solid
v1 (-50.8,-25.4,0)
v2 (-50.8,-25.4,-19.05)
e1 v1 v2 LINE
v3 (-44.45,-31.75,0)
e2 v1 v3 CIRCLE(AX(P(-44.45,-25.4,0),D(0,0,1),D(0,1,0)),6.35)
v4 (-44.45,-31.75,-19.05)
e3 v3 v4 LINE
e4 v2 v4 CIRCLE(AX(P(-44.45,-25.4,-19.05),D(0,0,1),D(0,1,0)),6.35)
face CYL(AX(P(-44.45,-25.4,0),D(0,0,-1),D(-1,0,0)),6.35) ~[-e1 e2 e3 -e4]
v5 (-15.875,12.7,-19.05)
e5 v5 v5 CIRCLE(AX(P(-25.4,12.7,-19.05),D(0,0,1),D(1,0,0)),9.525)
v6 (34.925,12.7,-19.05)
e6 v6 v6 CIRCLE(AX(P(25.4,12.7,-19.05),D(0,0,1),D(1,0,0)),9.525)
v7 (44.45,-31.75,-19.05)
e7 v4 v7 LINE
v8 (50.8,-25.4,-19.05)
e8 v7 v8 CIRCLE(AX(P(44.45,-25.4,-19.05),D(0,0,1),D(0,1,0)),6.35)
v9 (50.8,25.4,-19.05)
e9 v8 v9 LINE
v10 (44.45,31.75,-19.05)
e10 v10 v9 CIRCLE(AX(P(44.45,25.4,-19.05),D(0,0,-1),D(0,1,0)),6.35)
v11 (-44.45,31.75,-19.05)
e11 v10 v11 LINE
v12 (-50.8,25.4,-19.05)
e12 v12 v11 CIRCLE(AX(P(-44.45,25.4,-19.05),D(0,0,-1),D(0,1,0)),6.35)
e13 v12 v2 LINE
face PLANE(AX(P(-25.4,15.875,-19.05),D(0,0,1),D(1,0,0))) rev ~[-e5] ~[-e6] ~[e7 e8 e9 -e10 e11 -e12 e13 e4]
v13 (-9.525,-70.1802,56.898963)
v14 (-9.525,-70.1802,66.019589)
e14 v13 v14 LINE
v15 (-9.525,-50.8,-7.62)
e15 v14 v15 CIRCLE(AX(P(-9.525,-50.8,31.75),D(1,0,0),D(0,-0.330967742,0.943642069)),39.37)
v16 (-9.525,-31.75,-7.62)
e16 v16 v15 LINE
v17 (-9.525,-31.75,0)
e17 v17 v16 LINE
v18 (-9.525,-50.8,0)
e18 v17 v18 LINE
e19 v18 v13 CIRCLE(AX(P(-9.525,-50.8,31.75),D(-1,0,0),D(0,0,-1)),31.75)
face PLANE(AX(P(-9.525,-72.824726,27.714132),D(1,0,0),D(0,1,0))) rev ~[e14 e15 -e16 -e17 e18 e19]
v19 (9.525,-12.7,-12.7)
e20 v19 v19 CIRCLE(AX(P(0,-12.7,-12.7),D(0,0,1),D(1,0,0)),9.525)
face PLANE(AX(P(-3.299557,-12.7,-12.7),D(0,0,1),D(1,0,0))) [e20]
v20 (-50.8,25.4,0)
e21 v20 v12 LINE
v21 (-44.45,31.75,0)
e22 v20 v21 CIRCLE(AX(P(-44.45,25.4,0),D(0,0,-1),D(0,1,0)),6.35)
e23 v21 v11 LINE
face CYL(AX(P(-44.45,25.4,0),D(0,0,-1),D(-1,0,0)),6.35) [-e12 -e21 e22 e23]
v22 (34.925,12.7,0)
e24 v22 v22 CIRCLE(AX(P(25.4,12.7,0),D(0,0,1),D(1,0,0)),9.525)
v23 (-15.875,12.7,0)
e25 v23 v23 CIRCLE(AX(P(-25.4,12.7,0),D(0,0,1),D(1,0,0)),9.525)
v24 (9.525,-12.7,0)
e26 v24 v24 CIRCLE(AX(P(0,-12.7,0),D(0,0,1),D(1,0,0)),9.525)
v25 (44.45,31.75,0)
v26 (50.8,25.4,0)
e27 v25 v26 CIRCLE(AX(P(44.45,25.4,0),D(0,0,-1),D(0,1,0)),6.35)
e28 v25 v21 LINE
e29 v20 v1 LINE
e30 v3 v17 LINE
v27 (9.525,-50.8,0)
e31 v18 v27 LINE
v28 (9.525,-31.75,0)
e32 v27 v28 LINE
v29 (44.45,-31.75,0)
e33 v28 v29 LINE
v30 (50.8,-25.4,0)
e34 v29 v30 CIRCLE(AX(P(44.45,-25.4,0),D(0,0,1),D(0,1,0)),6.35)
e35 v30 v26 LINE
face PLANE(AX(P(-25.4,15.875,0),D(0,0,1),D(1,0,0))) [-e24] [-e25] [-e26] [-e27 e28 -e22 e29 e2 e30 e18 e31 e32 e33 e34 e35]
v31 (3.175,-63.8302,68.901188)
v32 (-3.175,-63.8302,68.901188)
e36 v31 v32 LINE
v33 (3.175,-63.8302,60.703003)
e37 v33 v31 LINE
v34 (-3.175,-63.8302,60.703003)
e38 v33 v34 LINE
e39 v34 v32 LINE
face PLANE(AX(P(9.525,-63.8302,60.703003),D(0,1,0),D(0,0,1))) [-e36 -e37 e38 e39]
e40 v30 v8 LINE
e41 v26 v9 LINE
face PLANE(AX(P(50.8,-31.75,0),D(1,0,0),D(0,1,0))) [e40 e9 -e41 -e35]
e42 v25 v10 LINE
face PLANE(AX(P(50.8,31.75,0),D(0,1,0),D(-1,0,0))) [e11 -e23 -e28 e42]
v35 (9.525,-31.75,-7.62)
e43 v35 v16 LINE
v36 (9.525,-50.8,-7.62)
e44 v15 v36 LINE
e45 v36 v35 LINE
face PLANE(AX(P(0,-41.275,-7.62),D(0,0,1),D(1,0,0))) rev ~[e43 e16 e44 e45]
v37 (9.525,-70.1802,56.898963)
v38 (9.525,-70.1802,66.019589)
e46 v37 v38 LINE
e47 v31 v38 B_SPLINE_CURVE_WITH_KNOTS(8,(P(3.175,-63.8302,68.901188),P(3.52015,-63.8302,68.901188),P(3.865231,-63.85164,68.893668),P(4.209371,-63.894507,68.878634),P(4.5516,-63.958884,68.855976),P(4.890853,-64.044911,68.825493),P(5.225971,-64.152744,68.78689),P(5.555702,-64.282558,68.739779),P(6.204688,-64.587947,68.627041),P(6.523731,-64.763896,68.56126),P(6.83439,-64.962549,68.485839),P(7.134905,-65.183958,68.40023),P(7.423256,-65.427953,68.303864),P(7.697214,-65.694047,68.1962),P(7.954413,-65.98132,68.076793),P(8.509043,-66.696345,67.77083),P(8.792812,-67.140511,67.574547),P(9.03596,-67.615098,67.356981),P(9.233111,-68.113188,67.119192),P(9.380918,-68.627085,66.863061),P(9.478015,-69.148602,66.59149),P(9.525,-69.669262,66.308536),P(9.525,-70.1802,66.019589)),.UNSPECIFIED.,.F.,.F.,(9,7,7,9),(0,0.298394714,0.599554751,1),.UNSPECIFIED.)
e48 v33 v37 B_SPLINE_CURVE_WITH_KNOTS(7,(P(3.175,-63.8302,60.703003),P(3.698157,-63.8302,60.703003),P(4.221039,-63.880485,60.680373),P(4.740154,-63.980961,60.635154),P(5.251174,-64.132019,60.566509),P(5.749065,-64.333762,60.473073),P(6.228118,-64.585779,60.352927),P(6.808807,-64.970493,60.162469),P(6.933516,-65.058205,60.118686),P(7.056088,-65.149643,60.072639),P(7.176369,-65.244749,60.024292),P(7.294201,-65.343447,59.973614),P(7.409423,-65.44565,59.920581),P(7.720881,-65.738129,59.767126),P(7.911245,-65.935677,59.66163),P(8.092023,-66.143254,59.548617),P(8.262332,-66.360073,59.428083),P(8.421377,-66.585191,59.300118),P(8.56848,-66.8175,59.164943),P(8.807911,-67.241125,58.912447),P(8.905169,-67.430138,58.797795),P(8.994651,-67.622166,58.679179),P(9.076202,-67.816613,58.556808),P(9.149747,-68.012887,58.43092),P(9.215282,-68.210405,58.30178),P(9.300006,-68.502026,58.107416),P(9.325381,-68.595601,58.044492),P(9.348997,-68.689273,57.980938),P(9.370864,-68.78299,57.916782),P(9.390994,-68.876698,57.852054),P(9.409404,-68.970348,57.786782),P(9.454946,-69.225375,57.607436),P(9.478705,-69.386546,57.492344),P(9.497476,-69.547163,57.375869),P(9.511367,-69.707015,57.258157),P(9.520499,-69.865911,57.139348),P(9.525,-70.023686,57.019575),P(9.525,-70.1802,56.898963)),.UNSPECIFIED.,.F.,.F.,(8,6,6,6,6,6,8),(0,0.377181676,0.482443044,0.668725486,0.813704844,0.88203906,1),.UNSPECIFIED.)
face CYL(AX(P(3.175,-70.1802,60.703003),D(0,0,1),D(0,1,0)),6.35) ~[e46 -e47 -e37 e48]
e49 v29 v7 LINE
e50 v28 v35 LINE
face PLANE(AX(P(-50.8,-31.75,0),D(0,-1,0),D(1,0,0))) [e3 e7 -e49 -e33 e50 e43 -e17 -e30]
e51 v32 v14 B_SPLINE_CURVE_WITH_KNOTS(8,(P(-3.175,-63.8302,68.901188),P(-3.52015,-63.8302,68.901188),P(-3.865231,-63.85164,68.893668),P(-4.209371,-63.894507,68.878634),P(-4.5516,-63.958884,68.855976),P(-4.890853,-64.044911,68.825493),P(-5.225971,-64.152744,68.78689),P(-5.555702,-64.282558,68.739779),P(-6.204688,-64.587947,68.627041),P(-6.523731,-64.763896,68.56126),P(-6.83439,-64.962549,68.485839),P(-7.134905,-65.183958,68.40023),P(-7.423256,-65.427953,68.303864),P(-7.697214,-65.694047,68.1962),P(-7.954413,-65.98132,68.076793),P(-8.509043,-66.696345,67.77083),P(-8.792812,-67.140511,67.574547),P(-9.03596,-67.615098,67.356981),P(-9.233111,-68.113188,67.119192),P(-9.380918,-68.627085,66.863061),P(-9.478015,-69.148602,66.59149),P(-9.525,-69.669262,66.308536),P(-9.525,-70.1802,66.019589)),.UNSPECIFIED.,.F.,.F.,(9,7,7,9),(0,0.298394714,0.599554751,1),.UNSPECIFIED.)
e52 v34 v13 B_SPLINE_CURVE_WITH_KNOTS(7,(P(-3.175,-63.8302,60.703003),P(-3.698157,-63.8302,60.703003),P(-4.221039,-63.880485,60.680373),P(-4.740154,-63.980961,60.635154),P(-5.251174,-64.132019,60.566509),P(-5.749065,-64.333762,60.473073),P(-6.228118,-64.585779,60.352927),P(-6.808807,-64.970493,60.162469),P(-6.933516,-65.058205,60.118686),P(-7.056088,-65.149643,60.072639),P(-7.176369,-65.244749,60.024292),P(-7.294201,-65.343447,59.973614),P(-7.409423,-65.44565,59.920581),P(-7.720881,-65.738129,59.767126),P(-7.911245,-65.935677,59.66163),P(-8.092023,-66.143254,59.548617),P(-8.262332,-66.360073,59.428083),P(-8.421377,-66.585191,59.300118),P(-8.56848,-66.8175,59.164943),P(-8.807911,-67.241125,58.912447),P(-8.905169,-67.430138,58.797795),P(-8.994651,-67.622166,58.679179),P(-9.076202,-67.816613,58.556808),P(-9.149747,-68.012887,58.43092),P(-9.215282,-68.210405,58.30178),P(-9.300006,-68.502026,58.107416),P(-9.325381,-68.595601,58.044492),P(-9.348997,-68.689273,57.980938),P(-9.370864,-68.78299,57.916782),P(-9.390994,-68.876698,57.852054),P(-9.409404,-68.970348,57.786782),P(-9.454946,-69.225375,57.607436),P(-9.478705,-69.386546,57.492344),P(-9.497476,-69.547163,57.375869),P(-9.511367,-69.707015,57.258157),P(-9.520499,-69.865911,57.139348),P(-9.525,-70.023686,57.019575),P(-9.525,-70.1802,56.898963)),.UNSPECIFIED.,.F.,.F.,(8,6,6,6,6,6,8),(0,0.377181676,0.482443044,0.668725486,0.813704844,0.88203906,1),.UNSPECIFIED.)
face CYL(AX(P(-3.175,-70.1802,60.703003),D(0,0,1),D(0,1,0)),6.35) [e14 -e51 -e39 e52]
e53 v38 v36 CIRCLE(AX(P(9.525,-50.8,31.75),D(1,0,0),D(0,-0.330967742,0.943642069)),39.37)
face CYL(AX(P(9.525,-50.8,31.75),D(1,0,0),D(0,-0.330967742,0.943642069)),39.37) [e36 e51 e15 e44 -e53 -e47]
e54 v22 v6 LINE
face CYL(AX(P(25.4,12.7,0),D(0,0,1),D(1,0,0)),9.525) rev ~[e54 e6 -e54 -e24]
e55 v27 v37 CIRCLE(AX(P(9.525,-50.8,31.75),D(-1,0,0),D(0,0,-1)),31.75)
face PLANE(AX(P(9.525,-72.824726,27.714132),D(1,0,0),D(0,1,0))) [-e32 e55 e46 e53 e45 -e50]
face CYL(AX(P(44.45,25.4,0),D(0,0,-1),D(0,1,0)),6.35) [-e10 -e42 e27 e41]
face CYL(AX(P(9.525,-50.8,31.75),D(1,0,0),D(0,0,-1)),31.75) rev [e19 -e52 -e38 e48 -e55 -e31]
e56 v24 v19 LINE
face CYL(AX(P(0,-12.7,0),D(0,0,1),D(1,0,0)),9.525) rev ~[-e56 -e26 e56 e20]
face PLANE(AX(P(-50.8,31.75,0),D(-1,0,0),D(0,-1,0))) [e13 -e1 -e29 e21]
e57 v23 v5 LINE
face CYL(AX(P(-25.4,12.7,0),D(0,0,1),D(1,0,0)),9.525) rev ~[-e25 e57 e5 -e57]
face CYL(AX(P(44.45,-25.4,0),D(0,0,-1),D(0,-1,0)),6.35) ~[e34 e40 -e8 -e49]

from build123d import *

# Parameters (mm, degrees)
F0_W     = 50.8
F0_H     = 31.75
F0_R     = 9.525
F1_DEPTH = 19.05
F2_DEPTH = 7.62
F3_DEPTH = 19.051
F4_DEPTH = 12.7
F5_R     = 6.35
F7_DEPTH = 19.05
F8_R     = 6.35
F9_DEPTH = 25.4


with BuildPart() as f1:
    # F0 (on Top) → F1 (new body)
    with BuildSketch(Plane.XY):
        with Locations((-25.4, 15.875)):
            Rectangle(F0_W, F0_H)
        with Locations((-25.4, 12.7)):
            Circle(F0_R, mode=Mode.SUBTRACT)
        with Locations((25.4, 15.875)):
            Rectangle(F0_W, F0_H)
        with Locations((25.4, 12.7)):
            Circle(F0_R, mode=Mode.SUBTRACT)
        with BuildLine():
            Line((50.8, 0), (0, 0))
            Line((0, 0), (0, -3.175))
            ThreePointArc((0, -3.175), (6.7351920908, -5.9648079092), (9.525, -12.7))
            ThreePointArc((9.525, -12.7), (6.7351920908, -19.4351920908), (0, -22.225))
            Line((0, -22.225), (0, -31.75))
            Line((0, -31.75), (9.525, -31.75))
            Line((9.525, -31.75), (50.8, -31.75))
            Line((50.8, -31.75), (50.8, 0))
        make_face()
        with BuildLine():
            Line((0, 0), (-50.8, 0))
            Line((-50.8, 0), (-50.8, -31.75))
            Line((-50.8, -31.75), (-9.525, -31.75))
            Line((-9.525, -31.75), (0, -31.75))
            Line((0, -31.75), (0, -22.225))
            ThreePointArc((0, -22.225), (-9.525, -12.7), (0, -3.175))
            Line((0, -3.175), (0, 0))
        make_face()
        with Locations((-25.4, 12.7)):
            Circle(F0_R)
        with Locations((25.4, 12.7)):
            Circle(F0_R)
        with BuildLine():
            Line((0, -22.225), (0, -3.175))
            ThreePointArc((0, -3.175), (-9.525, -12.7), (0, -22.225))
        make_face()
        with BuildLine():
            ThreePointArc((9.525, -12.7), (6.7351920908, -5.9648079092), (0, -3.175))
            Line((0, -3.175), (0, -22.225))
            ThreePointArc((0, -22.225), (6.7351920908, -19.4351920908), (9.525, -12.7))
        make_face()
    extrude(amount=-F1_DEPTH)

    # F0 (on Top) → F2 (join)
    with BuildSketch(Plane.XY):
        Polygon((0, -31.75), (-9.525, -31.75), (-9.525, -50.8), (9.525, -50.8), (9.525, -31.75), align=None)
    extrude(amount=-F2_DEPTH)

    # F0 (on Top) → F3 (cut, through all)
    with BuildSketch(Plane.XY):
        with Locations((-25.4, 12.7)):
            Circle(F0_R)
    extrude(amount=-F3_DEPTH, mode=Mode.SUBTRACT)

    # F0 (on Top) → F4 (cut)
    with BuildSketch(Plane.XY):
        with BuildLine():
            Line((0, -22.225), (0, -3.175))
            ThreePointArc((0, -3.175), (-9.525, -12.7), (0, -22.225))
        make_face()
        with BuildLine():
            ThreePointArc((9.525, -12.7), (6.7351920908, -5.9648079092), (0, -3.175))
            Line((0, -3.175), (0, -22.225))
            ThreePointArc((0, -22.225), (6.7351920908, -19.4351920908), (9.525, -12.7))
        make_face()
    extrude(amount=-F4_DEPTH, mode=Mode.SUBTRACT)

    # F5
    f5_edges = [f1.edges().sort_by_distance(p)[0] for p in [
        (-50.8, 31.75, -9.525),
        (-50.8, -31.75, -9.525),
        (50.8, 31.75, -9.525),
        (50.8, -31.75, -9.525),
    ]]
    fillet(f5_edges, radius=F5_R)

    # F6 (on face) → F7 (join)
    with BuildSketch(Plane.YZ.offset(9.525)):
        with BuildLine():
            Line((-50.8, -7.62), (-50.8, 0))
            ThreePointArc((-50.8, 0), (-81.8428763819, 25.0864929701), (-63.8302, 60.7030030905))
            Line((-63.8302, 60.7030030905), (-63.8302, 68.9011882443))
            ThreePointArc((-63.8302, 68.9011882443), (-89.6113332751, 25.1411188986), (-50.8, -7.62))
        make_face()
    extrude(amount=-F7_DEPTH)

    # F8
    f8_edges = [f1.edges().sort_by_distance(p)[0] for p in [
        (9.525, -63.8302, 64.802096),
        (-9.525, -63.8302, 64.802096),
    ]]
    fillet(f8_edges, radius=F8_R)

    # F0 (on Top) → F9 (cut)
    with BuildSketch(Plane.XY):
        with Locations((25.4, 12.7)):
            Circle(F0_R)
    extrude(amount=-F9_DEPTH, mode=Mode.SUBTRACT)


solid = f1.part
